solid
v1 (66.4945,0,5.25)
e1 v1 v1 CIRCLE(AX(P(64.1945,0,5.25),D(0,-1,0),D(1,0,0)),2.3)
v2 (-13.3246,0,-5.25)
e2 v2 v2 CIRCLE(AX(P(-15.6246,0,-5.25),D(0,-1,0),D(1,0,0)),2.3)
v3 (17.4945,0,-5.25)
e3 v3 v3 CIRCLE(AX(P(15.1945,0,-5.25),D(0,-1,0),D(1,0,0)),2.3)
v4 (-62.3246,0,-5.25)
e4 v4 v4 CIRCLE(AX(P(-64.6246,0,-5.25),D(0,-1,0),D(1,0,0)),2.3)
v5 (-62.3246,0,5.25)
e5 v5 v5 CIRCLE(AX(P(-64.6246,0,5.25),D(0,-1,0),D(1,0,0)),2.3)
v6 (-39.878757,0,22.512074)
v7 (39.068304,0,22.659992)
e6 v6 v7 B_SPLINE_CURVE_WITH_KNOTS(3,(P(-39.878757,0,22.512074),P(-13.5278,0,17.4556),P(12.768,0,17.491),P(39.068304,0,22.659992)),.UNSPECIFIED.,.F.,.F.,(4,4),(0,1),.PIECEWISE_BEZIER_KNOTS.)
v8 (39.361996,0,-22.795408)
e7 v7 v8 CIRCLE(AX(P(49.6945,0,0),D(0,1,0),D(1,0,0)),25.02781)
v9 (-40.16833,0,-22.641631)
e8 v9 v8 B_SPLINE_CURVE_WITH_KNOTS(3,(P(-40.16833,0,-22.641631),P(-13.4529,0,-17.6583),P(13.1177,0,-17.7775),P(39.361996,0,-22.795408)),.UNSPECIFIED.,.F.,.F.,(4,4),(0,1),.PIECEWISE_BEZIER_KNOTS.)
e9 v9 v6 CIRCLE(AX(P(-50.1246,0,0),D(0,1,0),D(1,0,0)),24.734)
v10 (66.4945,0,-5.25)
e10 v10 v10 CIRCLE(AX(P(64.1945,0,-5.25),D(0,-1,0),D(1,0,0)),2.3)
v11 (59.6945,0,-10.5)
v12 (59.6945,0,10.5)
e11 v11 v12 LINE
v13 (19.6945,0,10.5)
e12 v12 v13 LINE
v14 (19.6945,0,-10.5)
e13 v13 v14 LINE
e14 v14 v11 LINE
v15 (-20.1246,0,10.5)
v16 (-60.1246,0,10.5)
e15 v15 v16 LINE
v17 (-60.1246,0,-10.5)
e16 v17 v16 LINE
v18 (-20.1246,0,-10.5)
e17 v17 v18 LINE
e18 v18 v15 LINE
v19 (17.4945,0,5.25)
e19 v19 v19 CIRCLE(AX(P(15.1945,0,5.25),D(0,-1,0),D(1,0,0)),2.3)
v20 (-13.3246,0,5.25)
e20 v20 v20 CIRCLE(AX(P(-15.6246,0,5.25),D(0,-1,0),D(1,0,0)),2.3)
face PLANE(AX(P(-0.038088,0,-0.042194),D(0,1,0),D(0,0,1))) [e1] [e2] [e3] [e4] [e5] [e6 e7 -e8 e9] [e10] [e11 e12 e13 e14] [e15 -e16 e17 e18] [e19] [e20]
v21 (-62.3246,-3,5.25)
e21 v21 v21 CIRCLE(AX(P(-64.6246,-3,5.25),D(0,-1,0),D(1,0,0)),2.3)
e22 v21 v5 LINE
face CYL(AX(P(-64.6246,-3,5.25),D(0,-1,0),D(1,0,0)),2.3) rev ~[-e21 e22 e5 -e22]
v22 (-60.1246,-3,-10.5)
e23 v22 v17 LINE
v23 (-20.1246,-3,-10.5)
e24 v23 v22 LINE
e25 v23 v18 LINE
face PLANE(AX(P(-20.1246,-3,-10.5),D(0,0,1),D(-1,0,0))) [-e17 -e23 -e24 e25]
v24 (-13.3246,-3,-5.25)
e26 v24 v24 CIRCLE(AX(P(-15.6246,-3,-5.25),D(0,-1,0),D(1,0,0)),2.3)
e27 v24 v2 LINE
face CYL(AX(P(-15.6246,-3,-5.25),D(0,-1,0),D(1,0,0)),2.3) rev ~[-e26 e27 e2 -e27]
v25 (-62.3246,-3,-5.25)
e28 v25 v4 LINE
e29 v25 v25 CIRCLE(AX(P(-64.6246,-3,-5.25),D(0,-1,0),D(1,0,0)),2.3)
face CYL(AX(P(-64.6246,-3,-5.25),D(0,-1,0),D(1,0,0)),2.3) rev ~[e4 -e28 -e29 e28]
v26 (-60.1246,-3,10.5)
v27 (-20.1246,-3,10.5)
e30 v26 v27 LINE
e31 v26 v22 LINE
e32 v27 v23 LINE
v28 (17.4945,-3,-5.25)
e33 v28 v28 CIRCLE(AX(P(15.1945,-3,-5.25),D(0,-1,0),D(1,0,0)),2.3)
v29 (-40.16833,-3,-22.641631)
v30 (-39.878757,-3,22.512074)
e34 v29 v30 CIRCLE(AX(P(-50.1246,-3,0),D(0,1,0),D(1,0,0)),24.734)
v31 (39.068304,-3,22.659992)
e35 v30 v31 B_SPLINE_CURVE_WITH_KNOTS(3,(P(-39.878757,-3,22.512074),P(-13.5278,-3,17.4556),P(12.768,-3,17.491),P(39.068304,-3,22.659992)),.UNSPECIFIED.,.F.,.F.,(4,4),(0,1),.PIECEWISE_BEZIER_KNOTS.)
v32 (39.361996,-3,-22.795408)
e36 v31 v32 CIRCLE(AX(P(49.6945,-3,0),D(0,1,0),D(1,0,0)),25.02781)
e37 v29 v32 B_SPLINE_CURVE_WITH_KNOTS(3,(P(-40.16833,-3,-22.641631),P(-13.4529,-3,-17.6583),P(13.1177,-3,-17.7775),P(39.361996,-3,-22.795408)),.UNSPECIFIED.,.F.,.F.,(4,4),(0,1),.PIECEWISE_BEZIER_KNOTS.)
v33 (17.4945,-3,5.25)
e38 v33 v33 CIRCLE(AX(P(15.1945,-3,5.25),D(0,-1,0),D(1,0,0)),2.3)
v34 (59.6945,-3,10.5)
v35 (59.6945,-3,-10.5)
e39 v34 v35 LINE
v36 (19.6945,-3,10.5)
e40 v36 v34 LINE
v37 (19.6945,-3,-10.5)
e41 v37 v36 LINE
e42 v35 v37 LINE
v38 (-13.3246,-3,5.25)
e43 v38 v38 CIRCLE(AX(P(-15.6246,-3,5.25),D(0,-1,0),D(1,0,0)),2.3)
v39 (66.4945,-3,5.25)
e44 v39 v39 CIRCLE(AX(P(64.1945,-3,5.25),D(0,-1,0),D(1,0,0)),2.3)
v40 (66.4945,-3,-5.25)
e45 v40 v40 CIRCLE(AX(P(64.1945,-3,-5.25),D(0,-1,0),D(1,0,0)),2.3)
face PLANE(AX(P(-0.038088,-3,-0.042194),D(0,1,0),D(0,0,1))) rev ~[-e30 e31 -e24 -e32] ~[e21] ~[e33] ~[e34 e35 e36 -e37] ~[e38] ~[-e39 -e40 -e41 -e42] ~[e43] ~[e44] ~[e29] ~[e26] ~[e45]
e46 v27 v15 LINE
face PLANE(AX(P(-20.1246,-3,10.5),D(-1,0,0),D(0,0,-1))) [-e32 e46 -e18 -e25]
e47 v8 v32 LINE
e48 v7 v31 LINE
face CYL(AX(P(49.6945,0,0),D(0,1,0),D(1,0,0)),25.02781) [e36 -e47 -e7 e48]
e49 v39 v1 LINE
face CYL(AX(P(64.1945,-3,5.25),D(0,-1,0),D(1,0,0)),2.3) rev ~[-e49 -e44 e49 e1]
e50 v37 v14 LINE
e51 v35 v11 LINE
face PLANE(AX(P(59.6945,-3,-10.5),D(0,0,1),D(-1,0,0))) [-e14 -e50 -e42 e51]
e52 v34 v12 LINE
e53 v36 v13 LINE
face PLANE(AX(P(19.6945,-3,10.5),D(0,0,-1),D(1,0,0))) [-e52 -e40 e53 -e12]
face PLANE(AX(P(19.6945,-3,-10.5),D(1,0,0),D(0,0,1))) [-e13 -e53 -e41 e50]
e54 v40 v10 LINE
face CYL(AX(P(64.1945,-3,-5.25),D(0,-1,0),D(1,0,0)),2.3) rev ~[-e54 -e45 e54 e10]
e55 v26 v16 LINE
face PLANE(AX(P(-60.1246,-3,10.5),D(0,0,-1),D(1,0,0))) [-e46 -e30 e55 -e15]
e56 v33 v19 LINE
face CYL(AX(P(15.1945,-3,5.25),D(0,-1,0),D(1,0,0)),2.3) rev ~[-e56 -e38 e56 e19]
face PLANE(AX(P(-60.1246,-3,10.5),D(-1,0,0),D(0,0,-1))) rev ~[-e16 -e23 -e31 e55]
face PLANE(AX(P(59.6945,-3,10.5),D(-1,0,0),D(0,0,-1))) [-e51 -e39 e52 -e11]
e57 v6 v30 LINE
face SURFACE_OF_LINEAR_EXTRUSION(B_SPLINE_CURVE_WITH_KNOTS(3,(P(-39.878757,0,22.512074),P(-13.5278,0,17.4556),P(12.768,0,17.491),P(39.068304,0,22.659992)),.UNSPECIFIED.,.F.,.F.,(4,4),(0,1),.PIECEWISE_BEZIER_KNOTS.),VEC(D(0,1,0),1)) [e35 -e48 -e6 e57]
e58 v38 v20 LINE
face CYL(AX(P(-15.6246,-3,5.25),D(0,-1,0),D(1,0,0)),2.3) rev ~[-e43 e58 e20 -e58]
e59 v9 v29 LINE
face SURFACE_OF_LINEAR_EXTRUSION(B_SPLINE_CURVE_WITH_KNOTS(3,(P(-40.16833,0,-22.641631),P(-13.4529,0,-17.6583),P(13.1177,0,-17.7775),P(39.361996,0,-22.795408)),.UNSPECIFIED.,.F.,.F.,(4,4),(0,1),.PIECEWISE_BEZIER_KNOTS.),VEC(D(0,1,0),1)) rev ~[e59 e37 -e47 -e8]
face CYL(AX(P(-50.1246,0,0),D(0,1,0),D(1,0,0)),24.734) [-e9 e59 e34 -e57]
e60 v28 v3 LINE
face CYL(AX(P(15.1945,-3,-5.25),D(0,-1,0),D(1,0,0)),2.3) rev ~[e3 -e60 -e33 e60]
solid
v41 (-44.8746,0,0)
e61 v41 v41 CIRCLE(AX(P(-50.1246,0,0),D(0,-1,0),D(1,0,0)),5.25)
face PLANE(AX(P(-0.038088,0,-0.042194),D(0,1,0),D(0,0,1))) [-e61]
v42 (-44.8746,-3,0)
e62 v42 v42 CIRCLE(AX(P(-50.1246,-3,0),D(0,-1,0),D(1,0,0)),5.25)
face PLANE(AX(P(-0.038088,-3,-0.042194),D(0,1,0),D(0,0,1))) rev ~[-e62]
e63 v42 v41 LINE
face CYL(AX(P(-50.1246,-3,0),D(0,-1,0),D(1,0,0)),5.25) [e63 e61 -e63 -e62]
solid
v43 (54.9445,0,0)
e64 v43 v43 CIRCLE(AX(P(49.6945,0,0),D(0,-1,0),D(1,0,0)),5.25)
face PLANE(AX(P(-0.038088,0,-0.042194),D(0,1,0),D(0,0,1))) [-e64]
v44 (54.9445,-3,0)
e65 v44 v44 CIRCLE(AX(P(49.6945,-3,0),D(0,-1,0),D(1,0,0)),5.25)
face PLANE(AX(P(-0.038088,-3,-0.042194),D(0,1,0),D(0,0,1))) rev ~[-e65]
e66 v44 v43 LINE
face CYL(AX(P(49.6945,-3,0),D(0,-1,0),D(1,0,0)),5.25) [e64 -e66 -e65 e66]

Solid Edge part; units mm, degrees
sketch "Sketch1" plane through (0, 0, 0) normal (0, -1, 0) x (1, 0, 0)
  spline S0 degree 3 poles (-39.8787, 22.5122) (-13.5278, 17.4556) (12.768, 17.491) (39.0683, 22.66) knots 0 0 0 0 1 1 1 1
  spline S1 degree 3 poles (-40.1683, -22.6417) (-13.4529, -17.6583) (13.1177, -17.7775) (39.362, -22.7954) knots 0 0 0 0 1 1 1 1
  arc A0 (-40.1683, -22.6417) -> (-39.8787, 22.5122) centre (-50.1246, 0) cw
  arc A1 (39.0683, 22.66) -> (39.362, -22.7954) centre (49.6945, 0) cw
extrude "Protrusion1" add sketch "Sketch1" along normal blind 3
sketch "Sketch2" plane through (-0.0682, -3, 0) normal (0, -1, 0) x (1, 0, 0)
  circle A0 centre (15.2627, 5.25) radius 2.3
  circle A1 centre (15.2627, -5.25) radius 2.3
  circle A2 centre (64.2627, 5.25) radius 2.3
  circle A3 centre (64.2627, -5.25) radius 2.3
  circle A4 centre (49.7627, 0) radius 5.25
  line L0 (-60.0564, 10.5) -> (-60.0564, -10.5)
  line L1 (-20.0564, -10.5) -> (-60.0564, -10.5)
  line L2 (-20.0564, 10.5) -> (-20.0564, -10.5)
  line L3 (-60.0564, 10.5) -> (-20.0564, 10.5)
  circle A5 centre (-15.5564, -5.25) radius 2.3
  circle A6 centre (-15.5564, 5.25) radius 2.3
  circle A7 centre (-64.5564, -5.25) radius 2.3
  circle A8 centre (-64.5564, 5.25) radius 2.3
  circle A9 centre (-50.0564, 0) radius 5.25
  line L4 (59.7627, 10.5) -> (59.7627, -10.5)
  line L5 (59.7627, -10.5) -> (19.7627, -10.5)
  line L6 (19.7627, -10.5) -> (19.7627, 10.5)
  line L7 (19.7627, 10.5) -> (59.7627, 10.5)
  dimension "D1" = 40
  dimension "D2" = 21
  dimension "D3" = 49
  dimension "D4" = 21
extrude "ExtrudedCutout_1" cut sketch "Sketch2" against normal blind 204.5918
